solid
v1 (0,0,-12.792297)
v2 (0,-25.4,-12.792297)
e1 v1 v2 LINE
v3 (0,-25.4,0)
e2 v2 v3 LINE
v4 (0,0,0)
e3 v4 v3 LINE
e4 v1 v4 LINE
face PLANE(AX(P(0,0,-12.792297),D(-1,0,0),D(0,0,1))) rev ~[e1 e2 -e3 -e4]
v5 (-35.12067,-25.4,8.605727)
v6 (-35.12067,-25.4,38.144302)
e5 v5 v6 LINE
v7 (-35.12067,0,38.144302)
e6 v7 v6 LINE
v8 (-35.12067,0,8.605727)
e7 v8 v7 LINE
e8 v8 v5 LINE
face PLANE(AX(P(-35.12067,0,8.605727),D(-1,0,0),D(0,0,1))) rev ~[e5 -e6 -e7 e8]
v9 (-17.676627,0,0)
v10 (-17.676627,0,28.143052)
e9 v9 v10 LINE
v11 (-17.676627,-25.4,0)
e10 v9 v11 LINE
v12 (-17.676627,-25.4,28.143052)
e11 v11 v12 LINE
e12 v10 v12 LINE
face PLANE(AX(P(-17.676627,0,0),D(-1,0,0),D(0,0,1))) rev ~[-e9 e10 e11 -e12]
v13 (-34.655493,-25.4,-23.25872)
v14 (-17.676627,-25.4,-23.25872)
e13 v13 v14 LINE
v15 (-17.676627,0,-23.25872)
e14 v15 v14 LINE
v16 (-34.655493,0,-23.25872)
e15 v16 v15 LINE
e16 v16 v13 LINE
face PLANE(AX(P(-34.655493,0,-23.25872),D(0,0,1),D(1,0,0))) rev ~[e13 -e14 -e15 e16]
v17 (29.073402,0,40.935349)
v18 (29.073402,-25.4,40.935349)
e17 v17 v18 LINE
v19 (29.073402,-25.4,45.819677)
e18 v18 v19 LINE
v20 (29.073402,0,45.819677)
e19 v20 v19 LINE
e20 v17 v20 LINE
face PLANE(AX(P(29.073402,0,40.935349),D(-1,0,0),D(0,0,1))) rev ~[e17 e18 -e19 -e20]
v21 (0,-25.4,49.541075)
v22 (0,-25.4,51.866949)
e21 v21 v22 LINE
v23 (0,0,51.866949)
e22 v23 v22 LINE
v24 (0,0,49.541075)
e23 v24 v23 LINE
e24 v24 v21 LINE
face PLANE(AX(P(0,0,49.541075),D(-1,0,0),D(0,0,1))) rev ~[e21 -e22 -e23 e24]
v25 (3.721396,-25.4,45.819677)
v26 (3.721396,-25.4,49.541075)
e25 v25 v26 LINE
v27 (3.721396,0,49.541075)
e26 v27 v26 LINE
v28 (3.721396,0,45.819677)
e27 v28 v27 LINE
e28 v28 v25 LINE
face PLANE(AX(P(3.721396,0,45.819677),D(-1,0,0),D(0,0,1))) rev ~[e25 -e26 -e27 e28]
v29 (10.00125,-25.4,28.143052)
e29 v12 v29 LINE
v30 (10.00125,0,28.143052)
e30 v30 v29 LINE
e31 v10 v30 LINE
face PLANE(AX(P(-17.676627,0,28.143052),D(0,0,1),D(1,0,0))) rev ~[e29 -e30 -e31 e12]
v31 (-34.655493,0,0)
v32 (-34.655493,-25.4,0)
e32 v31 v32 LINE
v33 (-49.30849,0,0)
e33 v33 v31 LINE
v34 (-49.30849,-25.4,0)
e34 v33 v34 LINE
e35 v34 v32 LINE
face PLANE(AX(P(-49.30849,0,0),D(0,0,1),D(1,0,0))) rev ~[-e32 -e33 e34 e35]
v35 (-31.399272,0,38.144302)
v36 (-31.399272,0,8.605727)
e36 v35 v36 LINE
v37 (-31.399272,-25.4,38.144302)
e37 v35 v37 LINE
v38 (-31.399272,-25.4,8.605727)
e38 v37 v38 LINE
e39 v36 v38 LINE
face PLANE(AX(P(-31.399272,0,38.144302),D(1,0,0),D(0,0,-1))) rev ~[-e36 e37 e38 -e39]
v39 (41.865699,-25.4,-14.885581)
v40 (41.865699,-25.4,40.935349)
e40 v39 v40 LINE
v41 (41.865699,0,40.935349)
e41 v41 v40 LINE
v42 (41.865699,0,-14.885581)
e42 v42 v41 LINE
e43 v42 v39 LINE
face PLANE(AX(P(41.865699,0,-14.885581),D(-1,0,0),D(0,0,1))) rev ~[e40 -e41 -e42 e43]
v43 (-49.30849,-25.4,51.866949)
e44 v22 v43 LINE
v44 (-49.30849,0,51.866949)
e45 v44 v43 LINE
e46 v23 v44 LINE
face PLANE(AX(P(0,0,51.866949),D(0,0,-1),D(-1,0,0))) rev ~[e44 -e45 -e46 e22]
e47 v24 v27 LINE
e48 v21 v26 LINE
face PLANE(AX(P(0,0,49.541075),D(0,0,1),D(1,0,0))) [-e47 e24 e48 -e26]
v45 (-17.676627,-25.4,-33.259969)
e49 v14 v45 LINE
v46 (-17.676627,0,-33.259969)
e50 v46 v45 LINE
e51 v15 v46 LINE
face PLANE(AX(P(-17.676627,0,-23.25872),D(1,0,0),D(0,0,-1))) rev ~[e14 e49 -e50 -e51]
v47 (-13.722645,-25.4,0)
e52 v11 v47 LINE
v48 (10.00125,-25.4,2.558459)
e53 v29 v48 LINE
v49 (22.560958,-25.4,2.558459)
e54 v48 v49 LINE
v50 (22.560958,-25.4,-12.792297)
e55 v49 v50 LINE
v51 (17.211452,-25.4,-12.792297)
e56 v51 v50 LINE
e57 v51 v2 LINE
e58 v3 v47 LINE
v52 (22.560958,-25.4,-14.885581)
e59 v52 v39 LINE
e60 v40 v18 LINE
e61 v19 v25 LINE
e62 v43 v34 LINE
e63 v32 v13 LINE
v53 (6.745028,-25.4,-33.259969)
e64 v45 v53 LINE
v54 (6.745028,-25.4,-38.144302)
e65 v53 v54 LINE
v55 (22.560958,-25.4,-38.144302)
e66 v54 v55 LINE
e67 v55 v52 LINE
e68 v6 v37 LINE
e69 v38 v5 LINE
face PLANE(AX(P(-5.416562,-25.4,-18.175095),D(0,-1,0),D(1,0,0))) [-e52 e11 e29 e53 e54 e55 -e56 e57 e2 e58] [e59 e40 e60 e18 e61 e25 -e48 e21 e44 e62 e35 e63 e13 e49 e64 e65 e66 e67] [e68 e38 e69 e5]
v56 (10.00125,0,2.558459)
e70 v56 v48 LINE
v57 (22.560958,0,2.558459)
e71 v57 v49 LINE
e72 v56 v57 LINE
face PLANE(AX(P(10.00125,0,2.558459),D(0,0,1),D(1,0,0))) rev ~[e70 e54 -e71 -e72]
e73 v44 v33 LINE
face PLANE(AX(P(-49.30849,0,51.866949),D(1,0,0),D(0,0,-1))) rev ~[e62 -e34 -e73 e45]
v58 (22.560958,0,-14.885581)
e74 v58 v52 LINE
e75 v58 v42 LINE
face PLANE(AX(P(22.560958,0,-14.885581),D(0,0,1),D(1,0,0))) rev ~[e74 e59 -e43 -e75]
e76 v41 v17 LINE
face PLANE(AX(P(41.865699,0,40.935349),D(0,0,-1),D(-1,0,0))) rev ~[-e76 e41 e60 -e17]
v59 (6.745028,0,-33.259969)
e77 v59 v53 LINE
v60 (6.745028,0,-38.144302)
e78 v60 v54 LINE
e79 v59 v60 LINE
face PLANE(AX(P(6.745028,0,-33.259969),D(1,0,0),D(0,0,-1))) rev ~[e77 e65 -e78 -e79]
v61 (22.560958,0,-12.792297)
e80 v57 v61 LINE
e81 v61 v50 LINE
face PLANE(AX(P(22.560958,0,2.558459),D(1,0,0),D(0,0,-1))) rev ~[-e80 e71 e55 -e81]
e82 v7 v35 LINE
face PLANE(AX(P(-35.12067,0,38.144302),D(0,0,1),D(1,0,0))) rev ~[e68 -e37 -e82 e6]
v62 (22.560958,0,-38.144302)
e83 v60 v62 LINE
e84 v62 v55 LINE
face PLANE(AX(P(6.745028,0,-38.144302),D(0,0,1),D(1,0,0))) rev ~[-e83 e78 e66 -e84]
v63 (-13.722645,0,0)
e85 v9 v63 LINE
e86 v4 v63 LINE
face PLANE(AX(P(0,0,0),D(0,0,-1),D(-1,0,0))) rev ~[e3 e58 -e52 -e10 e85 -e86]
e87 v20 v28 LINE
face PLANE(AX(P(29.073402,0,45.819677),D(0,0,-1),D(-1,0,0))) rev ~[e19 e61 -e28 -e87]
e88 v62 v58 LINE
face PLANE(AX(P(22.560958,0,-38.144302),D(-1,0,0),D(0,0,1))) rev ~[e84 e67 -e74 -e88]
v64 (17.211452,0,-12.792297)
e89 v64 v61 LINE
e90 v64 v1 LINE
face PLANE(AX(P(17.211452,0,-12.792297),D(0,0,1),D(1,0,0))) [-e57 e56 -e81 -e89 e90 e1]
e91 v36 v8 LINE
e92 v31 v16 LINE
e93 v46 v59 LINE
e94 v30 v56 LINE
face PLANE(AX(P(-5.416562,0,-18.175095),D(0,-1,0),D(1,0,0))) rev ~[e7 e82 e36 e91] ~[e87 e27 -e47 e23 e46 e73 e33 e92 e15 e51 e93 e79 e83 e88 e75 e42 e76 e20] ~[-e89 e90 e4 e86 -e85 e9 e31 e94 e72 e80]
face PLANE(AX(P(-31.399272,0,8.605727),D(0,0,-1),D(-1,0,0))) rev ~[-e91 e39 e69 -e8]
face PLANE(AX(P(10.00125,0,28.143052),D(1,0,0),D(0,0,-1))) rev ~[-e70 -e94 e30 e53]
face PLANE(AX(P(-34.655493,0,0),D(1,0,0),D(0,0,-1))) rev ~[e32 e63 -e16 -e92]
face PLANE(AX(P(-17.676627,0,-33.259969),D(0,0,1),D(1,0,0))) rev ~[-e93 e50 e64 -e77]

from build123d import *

# Parameters (mm, degrees)
F0_W     = 3.7213962059
F0_H     = 17.6766254008
F0_H_2   = 3.7213973701
F0_W_2   = 3.2562217675
F0_H_3   = 20.467672497
F0_W_3   = 3.9539821446
F0_H_4   = 23.2587195933
F0_W_4   = 16.9788654894
F0_W_5   = 5.3495056927
F0_H_5   = 2.0932843909
F0_W_6   = 0.4651769996
F0_H_6   = 8.6057269946
F0_W_7   = 14.1878202558
F0_H_7   = 29.5385746285
F1_DEPTH = 25.4


with BuildPart() as f1:
    # F0 (on Front) → F1 (new body)
    with BuildSketch(Plane.XZ):
        Polygon((0, -12.7922967076), (0, 0), (-5.8146808296, 0), (-9.3034878373, 0), (-13.7226451188, 0), (-13.7226451188, -23.2587195933), (-17.6766272634, -23.2587195933), (-17.6766272634, -33.2599692047), (6.7450278439, -33.2599692047), (6.7450278439, -12.7922967076), align=None)
        Polygon((-13.7226451188, 28.1430520117), (0, 28.1430520117), (0, 45.8196774125), (0, 49.5410747826), (-35.1206697524, 49.5410747826), (-35.1206697524, 38.1443016231), (-31.3992723823, 38.1443016231), (-31.3992723823, 35.3532582521), (-13.7226451188, 35.3532582521), align=None)
        with Locations((1.860698103, 36.9813647121)):
            Rectangle(F0_W, F0_H)
        with Locations((1.860698103, 47.6803760976)):
            Rectangle(F0_W, F0_H_2)
        Polygon((-17.6766272634, 28.1430520117), (-13.7226451188, 28.1430520117), (-13.7226451188, 35.3532582521), (-31.3992723823, 35.3532582521), (-31.3992723823, 8.6057269946), (-34.6554927528, 8.6057269946), (-34.6554927528, 0), (-17.6766272634, 0), align=None)
        Polygon((3.7213962059, 45.8196774125), (3.7213962059, 28.1430520117), (10.0012496114, 28.1430520117), (10.0012496114, 2.558459295), (17.2114521265, 2.558459295), (17.2114521265, 40.9353487194), (29.0734022856, 40.9353487194), (29.0734022856, 45.8196774125), align=None)
        with Locations((8.3731387276, -23.0261329561)):
            Rectangle(F0_W_2, F0_H_3)
        with Locations((-15.6996361911, -11.6293597966)):
            Rectangle(F0_W_3, F0_H_4)
        Polygon((-35.1206697524, 49.5410747826), (0, 49.5410747826), (0, 51.8669486046), (-49.3084900081, 51.8669486046), (-49.3084900081, 38.1443016231), (-35.1206697524, 38.1443016231), align=None)
        Polygon((17.2114521265, -12.7922967076), (10.0012496114, -12.7922967076), (10.0012496114, -33.2599692047), (6.7450278439, -33.2599692047), (6.7450278439, -38.1443016231), (22.5609578192, -38.1443016231), (22.5609578192, -14.8855810985), (17.2114521265, -14.8855810985), align=None)
        with Locations((-26.1660600081, -11.6293597966)):
            Rectangle(F0_W_4, F0_H_4)
        with Locations((19.8862049729, -13.8389389031)):
            Rectangle(F0_W_5, F0_H_5)
        with Locations((-34.8880812526, 4.3028634973)):
            Rectangle(F0_W_6, F0_H_6)
        with Locations((-42.2145798802, 23.3750143088)):
            Rectangle(F0_W_7, F0_H_7)
        Polygon((41.8656989932, 40.9353487194), (29.0734022856, 40.9353487194), (29.0734022856, -12.7922967076), (22.5609578192, -12.7922967076), (22.5609578192, -14.8855810985), (41.8656989932, -14.8855810985), align=None)
        Polygon((29.0734022856, -12.7922967076), (29.0734022856, 40.9353487194), (17.2114521265, 40.9353487194), (17.2114521265, 2.558459295), (22.5609578192, 2.558459295), (22.5609578192, -12.7922967076), align=None)
        with Locations((-42.2145798802, 4.3028634973)):
            Rectangle(F0_W_7, F0_H_6)
    extrude(amount=F1_DEPTH)


solid = f1.part
